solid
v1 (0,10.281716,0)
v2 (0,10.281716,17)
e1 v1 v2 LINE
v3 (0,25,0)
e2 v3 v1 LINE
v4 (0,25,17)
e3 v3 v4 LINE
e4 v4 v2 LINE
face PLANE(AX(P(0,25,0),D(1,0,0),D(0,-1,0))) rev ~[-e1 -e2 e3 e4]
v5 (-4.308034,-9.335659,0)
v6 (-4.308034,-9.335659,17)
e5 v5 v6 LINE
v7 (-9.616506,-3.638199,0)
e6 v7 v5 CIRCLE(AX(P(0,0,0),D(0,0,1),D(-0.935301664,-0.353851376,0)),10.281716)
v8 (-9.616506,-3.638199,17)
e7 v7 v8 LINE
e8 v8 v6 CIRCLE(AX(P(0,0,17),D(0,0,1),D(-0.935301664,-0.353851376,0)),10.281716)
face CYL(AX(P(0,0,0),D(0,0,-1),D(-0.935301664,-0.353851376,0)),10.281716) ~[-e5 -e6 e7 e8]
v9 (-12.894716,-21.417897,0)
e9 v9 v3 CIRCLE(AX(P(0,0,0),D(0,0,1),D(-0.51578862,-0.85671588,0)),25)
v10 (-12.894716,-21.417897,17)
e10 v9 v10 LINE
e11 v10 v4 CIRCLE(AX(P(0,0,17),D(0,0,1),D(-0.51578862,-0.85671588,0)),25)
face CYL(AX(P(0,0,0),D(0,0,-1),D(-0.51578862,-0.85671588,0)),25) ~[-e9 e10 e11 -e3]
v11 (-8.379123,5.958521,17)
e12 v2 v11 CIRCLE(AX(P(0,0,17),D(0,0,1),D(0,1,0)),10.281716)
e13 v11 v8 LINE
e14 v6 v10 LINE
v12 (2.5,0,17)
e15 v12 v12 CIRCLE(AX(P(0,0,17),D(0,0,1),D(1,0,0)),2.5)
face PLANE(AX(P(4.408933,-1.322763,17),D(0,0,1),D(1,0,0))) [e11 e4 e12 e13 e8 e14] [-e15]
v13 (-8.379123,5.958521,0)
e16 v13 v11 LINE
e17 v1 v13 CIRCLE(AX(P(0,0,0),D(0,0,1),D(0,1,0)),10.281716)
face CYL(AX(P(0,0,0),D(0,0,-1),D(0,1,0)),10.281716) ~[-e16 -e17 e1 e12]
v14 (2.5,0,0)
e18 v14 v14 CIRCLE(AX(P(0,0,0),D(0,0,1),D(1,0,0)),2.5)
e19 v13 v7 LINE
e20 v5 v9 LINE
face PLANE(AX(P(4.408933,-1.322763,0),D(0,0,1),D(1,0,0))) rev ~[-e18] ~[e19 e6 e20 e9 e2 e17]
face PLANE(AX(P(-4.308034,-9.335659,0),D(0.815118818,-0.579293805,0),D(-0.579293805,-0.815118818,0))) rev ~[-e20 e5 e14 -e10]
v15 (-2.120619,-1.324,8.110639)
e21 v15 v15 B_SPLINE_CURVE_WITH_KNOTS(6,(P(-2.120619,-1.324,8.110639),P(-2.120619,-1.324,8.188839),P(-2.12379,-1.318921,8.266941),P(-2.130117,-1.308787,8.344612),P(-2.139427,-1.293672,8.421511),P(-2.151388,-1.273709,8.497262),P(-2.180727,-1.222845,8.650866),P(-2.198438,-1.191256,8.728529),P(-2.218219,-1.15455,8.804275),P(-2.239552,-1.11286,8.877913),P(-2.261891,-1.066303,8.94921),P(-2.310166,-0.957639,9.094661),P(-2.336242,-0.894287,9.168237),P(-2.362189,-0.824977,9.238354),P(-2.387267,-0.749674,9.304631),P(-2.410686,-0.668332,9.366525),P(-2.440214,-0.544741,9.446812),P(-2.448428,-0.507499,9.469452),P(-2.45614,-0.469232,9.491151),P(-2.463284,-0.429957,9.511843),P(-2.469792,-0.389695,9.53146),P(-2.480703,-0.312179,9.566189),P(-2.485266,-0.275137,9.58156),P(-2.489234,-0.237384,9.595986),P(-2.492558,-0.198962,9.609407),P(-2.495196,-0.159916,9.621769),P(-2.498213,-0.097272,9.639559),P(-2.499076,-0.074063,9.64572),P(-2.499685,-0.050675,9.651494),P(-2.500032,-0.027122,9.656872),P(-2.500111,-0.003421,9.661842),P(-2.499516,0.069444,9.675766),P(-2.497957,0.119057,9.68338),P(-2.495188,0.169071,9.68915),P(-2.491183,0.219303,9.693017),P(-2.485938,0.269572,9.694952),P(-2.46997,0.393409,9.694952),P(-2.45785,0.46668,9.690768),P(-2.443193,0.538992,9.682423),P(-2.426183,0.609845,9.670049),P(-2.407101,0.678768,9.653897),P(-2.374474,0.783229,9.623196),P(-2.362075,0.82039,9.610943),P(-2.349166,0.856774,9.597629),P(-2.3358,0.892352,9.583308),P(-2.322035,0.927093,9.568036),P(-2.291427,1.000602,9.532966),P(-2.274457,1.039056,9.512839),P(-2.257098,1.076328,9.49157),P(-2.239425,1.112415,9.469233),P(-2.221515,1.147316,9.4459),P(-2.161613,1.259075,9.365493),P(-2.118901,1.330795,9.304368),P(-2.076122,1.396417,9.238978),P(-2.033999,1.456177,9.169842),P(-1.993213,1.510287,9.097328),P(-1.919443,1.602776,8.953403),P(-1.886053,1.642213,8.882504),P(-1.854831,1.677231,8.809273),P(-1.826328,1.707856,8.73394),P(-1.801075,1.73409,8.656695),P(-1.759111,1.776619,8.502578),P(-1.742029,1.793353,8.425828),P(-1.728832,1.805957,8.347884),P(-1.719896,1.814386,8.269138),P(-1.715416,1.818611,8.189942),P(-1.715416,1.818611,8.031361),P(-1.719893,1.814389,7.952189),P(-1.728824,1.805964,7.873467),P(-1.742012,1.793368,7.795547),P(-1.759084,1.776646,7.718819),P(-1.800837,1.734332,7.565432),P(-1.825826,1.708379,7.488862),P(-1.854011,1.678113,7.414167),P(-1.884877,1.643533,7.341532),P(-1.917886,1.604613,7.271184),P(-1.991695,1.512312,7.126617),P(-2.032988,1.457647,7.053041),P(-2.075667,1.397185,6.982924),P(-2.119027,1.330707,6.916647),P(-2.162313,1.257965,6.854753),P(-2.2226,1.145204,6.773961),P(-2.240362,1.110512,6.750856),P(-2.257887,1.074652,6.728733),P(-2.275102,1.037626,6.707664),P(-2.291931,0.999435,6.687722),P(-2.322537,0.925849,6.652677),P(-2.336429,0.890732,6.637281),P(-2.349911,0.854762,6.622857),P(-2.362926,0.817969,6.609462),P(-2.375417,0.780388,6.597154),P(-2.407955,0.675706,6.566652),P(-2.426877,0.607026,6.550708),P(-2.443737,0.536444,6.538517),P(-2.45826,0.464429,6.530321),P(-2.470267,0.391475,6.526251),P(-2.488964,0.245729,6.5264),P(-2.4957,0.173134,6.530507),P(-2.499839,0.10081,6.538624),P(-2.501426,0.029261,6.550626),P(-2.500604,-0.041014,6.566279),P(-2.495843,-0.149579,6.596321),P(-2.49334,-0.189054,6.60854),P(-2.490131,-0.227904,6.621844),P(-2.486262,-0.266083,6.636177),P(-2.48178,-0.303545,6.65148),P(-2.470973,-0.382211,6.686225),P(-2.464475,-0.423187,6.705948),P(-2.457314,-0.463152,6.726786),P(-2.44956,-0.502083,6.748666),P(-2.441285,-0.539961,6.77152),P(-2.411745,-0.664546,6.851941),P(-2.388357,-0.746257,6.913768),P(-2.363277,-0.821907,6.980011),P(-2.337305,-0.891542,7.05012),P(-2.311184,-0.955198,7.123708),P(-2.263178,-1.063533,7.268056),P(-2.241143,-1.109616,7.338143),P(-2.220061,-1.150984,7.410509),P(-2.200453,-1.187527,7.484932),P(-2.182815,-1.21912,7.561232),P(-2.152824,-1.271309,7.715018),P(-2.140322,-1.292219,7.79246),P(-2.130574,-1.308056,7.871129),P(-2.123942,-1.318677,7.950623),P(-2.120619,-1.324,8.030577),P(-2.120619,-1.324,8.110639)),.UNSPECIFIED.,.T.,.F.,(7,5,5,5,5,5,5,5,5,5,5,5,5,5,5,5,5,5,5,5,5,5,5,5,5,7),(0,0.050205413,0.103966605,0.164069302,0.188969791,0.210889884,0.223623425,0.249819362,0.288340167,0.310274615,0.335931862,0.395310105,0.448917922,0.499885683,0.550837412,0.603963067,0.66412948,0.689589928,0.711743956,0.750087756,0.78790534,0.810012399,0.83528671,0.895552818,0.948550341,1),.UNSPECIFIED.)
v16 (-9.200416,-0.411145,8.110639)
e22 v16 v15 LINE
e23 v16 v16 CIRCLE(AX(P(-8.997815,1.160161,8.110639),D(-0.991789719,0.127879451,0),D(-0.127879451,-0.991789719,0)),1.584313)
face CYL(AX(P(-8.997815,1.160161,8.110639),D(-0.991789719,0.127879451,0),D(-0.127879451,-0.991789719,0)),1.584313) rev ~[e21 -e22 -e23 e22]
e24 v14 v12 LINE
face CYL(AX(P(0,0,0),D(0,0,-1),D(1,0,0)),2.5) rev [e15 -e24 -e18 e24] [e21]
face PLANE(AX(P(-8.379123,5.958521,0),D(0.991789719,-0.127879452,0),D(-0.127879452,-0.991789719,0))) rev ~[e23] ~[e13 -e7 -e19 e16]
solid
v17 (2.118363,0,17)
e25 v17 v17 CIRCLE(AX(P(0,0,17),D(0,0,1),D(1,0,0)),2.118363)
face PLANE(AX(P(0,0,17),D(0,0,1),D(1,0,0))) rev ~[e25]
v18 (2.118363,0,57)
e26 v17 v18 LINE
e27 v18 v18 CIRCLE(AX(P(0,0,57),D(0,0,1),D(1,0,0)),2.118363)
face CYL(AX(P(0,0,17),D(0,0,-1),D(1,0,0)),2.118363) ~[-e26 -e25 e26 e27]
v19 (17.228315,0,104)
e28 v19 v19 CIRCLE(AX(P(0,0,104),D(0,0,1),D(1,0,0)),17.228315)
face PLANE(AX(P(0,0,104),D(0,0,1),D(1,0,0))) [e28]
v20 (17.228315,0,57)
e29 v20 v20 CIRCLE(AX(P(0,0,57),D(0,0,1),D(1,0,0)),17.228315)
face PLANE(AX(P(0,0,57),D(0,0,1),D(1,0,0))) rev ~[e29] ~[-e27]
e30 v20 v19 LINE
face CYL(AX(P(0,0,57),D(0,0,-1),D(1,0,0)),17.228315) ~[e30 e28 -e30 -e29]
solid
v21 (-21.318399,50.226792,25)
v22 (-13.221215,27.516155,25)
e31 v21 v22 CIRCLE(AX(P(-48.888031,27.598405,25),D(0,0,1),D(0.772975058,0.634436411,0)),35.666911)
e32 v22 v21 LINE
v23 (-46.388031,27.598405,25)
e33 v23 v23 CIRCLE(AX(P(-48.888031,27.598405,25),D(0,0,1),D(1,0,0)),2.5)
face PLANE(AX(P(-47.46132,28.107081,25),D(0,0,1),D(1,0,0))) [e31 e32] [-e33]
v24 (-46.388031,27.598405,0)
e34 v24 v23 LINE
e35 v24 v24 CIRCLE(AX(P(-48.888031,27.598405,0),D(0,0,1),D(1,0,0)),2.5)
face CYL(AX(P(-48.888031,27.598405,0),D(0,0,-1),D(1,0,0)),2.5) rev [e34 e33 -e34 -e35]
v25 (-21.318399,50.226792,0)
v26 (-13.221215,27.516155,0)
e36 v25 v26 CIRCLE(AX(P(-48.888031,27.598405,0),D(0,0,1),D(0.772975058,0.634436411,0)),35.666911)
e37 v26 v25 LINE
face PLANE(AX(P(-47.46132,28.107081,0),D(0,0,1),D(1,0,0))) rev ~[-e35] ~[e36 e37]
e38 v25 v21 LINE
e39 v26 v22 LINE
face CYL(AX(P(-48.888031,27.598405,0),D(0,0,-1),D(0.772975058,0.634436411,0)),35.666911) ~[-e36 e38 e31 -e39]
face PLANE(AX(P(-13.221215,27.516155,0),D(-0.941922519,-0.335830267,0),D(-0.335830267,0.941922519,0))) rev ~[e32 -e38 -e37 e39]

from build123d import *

# Parameters (mm, degrees)
F0_R     = 2.5
F1_DEPTH = 17
F2_R     = 2.1183628734
F3_DEPTH = 40
F4_R     = 17.2283151163
F4_R_2   = 2.1183628734
F5_DEPTH = 47
F6_R     = 1.5843133583
F7_DEPTH = 7.1394056178
F8_DEPTH = 25


with BuildPart() as f1:
    # F0 (on Top) → F1 (new body)
    with BuildSketch(Plane.XY):
        with BuildLine():
            Line((-4.3080339444, -9.3356588295), (-12.8947155097, -21.4178970005))
            ThreePointArc((-12.8947155097, -21.4178970005), (24.0878332879, -6.6915086112), (0, 25))
            Line((0, 25), (0, 10.2817159194))
            ThreePointArc((0, 10.2817159194), (-4.7143324855, 9.1372179279), (-8.3791234153, 5.9585210444))
            Line((-8.3791234153, 5.9585210444), (-9.6165060123, -3.6381993296))
            ThreePointArc((-9.6165060123, -3.6381993296), (-7.5225304545, -7.0089384223), (-4.3080339444, -9.3356588295))
        make_face()
        Circle(F0_R, mode=Mode.SUBTRACT)
    extrude(amount=F1_DEPTH)

    # F6 (on face) → F7 (cut, through all)
    with BuildSketch(Plane(origin=(-8.9978147138, 1.1601608574, 0), x_dir=(-0.1278794515, -0.9917897186, 0), z_dir=(-0.9917897186, 0.1278794515, 0))):
        with Locations((0, 8.1106387079)):
            Circle(F6_R)
    extrude(amount=-F7_DEPTH, mode=Mode.SUBTRACT)


with BuildPart() as f3:
    # F2 (on face) → F3 (new body)
    with BuildSketch(Plane.XY.offset(17)):
        Circle(F2_R)
    extrude(amount=F3_DEPTH)

    # F4 (on face) → F5 (join)
    with BuildSketch(Plane.XY.offset(57)):
        Circle(F4_R)
        Circle(F4_R_2, mode=Mode.SUBTRACT)
        Circle(F4_R_2)
    extrude(amount=F5_DEPTH)


with BuildPart() as f8:
    # F0 (on Top) → F8 (new body)
    with BuildSketch(Plane.XY):
        with BuildLine():
            Line((-13.2212148814, 27.5161545188), (-21.3183985313, 50.226792498))
            ThreePointArc((-21.3183985313, 50.226792498), (-82.4834983749, 15.6203768895), (-13.2212148814, 27.5161545188))
        make_face()
        with Locations((-48.8880313933, 27.5984052569)):
            Circle(F0_R, mode=Mode.SUBTRACT)
    extrude(amount=F8_DEPTH)


solid = Compound([f1.part, f3.part, f8.part])
